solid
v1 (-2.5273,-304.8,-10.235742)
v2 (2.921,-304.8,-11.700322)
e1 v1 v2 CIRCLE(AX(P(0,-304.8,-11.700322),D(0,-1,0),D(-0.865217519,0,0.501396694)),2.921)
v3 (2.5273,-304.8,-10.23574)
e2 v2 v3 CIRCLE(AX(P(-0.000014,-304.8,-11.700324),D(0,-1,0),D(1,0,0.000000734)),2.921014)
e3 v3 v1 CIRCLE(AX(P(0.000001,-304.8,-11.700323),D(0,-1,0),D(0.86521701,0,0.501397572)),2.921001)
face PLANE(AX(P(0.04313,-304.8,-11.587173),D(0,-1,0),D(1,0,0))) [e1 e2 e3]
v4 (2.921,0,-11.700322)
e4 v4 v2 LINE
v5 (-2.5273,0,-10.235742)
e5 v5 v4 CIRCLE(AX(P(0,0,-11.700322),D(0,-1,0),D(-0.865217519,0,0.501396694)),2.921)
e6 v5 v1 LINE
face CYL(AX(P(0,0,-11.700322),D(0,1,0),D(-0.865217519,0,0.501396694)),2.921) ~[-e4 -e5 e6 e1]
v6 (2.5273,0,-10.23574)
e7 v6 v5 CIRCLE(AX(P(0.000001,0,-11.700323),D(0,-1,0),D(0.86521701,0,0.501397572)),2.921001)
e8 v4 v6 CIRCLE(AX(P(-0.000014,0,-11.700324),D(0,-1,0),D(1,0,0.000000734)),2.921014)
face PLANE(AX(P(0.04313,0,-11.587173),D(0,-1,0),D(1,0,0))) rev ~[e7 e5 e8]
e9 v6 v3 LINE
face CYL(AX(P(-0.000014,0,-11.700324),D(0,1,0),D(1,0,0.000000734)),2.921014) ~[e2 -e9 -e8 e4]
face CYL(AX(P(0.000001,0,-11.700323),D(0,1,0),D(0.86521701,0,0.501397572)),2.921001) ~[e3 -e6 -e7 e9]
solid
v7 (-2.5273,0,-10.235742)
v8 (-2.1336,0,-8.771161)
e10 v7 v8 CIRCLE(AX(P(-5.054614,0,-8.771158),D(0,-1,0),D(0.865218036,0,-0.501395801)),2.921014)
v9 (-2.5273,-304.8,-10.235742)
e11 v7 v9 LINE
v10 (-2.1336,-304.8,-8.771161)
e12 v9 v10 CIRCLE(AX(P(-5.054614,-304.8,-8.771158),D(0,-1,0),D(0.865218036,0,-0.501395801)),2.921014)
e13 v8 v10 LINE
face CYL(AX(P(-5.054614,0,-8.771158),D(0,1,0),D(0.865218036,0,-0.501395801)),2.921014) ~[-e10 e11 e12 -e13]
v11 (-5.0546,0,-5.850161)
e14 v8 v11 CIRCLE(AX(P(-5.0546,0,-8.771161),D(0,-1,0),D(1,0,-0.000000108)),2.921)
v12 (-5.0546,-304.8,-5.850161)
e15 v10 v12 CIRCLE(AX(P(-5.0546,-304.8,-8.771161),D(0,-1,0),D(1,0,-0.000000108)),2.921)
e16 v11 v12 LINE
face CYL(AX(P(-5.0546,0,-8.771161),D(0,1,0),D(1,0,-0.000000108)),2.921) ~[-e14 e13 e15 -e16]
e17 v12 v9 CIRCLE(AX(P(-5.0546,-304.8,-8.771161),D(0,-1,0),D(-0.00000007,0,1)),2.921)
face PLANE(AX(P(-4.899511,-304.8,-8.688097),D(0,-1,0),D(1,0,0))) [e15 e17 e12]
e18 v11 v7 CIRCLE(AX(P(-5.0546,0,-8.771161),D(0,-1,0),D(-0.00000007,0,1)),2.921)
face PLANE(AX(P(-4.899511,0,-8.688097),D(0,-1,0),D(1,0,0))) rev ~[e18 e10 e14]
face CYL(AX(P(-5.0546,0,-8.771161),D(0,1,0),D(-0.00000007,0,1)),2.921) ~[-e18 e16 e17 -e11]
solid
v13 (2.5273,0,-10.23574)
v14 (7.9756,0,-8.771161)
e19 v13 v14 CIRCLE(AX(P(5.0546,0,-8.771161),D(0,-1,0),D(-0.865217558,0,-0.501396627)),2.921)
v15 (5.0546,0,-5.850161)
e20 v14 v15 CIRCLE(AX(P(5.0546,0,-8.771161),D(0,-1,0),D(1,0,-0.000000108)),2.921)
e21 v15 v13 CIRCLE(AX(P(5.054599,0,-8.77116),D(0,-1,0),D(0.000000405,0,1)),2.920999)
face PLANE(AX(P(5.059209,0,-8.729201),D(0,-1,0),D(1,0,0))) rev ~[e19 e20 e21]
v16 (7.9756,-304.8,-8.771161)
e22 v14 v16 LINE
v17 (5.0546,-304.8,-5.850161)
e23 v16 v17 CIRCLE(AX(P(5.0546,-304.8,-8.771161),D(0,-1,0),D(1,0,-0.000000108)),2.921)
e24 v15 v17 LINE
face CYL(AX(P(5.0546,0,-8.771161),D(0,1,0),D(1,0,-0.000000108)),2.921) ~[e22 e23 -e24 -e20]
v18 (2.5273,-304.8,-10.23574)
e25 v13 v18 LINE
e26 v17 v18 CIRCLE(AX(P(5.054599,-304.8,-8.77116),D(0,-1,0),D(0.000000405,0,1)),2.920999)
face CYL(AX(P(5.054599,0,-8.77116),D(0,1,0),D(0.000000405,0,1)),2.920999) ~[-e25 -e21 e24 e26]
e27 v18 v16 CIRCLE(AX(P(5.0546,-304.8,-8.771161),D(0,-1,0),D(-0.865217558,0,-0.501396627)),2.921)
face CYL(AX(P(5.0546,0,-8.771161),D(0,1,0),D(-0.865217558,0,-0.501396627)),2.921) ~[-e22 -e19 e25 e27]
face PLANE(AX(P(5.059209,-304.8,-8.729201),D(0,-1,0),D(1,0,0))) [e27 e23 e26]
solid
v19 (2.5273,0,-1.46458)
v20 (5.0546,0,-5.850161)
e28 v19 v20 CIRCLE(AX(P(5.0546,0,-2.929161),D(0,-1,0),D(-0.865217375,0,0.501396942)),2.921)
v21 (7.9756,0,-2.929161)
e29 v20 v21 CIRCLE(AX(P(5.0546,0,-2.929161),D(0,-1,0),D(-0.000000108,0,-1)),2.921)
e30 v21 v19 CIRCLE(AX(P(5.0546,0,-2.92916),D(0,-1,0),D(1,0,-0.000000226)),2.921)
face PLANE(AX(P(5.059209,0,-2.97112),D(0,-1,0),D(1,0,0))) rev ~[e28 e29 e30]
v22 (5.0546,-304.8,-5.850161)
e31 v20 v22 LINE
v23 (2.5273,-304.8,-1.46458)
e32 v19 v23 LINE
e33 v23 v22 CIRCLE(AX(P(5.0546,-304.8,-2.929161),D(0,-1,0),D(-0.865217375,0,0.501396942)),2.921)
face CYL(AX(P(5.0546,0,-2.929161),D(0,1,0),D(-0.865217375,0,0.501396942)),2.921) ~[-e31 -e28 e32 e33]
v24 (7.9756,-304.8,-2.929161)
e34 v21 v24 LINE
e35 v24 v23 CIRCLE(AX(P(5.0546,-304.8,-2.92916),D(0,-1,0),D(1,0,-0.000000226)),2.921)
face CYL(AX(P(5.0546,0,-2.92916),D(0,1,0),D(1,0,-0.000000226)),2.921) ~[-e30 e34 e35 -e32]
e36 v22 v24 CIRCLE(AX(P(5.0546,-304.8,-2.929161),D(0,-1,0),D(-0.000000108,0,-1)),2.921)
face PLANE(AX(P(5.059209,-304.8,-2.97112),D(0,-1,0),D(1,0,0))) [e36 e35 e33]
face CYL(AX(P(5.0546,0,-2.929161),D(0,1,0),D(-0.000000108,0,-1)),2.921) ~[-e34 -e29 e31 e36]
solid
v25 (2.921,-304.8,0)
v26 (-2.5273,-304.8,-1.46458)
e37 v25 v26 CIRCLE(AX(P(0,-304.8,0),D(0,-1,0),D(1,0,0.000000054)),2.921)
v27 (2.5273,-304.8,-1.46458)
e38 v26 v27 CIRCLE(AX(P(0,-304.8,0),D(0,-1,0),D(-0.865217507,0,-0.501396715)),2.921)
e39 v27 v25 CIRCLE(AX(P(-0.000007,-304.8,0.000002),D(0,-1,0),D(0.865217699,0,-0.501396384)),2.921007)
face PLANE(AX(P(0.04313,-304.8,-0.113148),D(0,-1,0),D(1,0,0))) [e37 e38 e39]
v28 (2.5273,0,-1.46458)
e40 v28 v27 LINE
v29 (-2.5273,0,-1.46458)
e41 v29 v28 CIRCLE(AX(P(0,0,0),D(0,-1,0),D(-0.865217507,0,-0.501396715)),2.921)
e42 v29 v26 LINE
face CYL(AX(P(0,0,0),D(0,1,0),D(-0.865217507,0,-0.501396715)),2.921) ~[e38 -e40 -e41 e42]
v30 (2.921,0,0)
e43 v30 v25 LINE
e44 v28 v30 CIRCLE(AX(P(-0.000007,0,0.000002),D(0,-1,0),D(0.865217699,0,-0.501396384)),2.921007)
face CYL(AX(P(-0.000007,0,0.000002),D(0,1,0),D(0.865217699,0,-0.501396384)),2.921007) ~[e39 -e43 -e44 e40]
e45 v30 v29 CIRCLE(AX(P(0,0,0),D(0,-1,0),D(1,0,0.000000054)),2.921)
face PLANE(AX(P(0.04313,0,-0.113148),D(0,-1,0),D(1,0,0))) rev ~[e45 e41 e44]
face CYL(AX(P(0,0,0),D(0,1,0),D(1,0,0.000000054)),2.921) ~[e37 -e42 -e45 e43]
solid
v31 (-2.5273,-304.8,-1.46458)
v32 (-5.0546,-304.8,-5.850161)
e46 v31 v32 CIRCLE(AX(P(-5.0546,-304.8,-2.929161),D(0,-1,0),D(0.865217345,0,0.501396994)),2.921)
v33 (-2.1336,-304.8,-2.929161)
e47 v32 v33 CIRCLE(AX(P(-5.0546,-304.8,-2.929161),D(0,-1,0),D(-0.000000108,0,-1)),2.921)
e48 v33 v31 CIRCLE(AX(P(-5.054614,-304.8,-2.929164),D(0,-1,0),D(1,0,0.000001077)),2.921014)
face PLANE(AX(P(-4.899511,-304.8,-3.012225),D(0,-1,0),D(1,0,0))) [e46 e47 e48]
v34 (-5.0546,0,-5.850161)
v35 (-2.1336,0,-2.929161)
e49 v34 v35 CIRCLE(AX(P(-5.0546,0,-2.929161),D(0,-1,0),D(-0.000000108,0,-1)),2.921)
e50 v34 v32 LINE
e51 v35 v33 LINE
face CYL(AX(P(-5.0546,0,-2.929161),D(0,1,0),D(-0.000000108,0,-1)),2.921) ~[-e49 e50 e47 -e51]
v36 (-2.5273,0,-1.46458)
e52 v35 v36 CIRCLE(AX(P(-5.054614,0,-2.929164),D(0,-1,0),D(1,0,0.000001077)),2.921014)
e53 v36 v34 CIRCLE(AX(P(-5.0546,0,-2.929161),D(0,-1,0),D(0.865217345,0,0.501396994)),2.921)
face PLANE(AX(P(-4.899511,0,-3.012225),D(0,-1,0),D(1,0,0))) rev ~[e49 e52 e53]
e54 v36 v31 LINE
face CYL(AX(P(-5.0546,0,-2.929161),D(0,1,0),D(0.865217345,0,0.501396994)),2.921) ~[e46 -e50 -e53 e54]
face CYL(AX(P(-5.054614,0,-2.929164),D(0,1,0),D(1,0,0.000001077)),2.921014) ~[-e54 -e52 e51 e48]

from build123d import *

# Parameters (mm, degrees)
F1_DEPTH = 304.8


with BuildPart() as f1:
    # F0 (on Front) → F1 (new body)
    with BuildSketch(Plane.XZ):
        with BuildLine():
            ThreePointArc((2.5273, -1.46458), (2.820858, -0.758287), (2.921, 0))
            ThreePointArc((2.921, 0), (-0.758287, 2.820858), (-2.5273, -1.46458))
            ThreePointArc((-2.5273, -1.46458), (0, -2.921), (2.5273, -1.46458))
        make_face()
        with BuildLine():
            ThreePointArc((-2.1336, -2.929161), (-2.233742, -2.170874), (-2.5273, -1.46458))
            ThreePointArc((-2.5273, -1.46458), (-7.585438, -1.470702), (-5.0546, -5.850161))
            ThreePointArc((-5.0546, -5.850161), (-2.989141, -4.99462), (-2.1336, -2.929161))
        make_face()
        with BuildLine():
            ThreePointArc((-2.1336, -8.771161), (-2.989141, -6.705702), (-5.0546, -5.850161))
            ThreePointArc((-5.0546, -5.850161), (-7.585438, -10.229619), (-2.5273, -10.235742))
            ThreePointArc((-2.5273, -10.235742), (-2.233742, -9.529448), (-2.1336, -8.771161))
        make_face()
        with BuildLine():
            ThreePointArc((2.5273, -10.23574), (-1e-06, -8.779322), (-2.5273, -10.235742))
            ThreePointArc((-2.5273, -10.235742), (-0.758286, -14.52118), (2.921, -11.700322))
            ThreePointArc((2.921, -11.700322), (2.820858, -10.942034), (2.5273, -10.23574))
        make_face()
        with BuildLine():
            ThreePointArc((7.9756, -8.771161), (7.120059, -6.705702), (5.0546, -5.850161))
            ThreePointArc((5.0546, -5.850161), (2.523762, -7.312702), (2.5273, -10.23574))
            ThreePointArc((2.5273, -10.23574), (5.812886, -11.592019), (7.9756, -8.771161))
        make_face()
        with BuildLine():
            ThreePointArc((7.9756, -2.929161), (5.812887, -0.108302), (2.5273, -1.46458))
            ThreePointArc((2.5273, -1.46458), (2.523762, -4.387619), (5.0546, -5.850161))
            ThreePointArc((5.0546, -5.850161), (7.120059, -4.99462), (7.9756, -2.929161))
        make_face()
    extrude(amount=F1_DEPTH)


solid = f1.part
